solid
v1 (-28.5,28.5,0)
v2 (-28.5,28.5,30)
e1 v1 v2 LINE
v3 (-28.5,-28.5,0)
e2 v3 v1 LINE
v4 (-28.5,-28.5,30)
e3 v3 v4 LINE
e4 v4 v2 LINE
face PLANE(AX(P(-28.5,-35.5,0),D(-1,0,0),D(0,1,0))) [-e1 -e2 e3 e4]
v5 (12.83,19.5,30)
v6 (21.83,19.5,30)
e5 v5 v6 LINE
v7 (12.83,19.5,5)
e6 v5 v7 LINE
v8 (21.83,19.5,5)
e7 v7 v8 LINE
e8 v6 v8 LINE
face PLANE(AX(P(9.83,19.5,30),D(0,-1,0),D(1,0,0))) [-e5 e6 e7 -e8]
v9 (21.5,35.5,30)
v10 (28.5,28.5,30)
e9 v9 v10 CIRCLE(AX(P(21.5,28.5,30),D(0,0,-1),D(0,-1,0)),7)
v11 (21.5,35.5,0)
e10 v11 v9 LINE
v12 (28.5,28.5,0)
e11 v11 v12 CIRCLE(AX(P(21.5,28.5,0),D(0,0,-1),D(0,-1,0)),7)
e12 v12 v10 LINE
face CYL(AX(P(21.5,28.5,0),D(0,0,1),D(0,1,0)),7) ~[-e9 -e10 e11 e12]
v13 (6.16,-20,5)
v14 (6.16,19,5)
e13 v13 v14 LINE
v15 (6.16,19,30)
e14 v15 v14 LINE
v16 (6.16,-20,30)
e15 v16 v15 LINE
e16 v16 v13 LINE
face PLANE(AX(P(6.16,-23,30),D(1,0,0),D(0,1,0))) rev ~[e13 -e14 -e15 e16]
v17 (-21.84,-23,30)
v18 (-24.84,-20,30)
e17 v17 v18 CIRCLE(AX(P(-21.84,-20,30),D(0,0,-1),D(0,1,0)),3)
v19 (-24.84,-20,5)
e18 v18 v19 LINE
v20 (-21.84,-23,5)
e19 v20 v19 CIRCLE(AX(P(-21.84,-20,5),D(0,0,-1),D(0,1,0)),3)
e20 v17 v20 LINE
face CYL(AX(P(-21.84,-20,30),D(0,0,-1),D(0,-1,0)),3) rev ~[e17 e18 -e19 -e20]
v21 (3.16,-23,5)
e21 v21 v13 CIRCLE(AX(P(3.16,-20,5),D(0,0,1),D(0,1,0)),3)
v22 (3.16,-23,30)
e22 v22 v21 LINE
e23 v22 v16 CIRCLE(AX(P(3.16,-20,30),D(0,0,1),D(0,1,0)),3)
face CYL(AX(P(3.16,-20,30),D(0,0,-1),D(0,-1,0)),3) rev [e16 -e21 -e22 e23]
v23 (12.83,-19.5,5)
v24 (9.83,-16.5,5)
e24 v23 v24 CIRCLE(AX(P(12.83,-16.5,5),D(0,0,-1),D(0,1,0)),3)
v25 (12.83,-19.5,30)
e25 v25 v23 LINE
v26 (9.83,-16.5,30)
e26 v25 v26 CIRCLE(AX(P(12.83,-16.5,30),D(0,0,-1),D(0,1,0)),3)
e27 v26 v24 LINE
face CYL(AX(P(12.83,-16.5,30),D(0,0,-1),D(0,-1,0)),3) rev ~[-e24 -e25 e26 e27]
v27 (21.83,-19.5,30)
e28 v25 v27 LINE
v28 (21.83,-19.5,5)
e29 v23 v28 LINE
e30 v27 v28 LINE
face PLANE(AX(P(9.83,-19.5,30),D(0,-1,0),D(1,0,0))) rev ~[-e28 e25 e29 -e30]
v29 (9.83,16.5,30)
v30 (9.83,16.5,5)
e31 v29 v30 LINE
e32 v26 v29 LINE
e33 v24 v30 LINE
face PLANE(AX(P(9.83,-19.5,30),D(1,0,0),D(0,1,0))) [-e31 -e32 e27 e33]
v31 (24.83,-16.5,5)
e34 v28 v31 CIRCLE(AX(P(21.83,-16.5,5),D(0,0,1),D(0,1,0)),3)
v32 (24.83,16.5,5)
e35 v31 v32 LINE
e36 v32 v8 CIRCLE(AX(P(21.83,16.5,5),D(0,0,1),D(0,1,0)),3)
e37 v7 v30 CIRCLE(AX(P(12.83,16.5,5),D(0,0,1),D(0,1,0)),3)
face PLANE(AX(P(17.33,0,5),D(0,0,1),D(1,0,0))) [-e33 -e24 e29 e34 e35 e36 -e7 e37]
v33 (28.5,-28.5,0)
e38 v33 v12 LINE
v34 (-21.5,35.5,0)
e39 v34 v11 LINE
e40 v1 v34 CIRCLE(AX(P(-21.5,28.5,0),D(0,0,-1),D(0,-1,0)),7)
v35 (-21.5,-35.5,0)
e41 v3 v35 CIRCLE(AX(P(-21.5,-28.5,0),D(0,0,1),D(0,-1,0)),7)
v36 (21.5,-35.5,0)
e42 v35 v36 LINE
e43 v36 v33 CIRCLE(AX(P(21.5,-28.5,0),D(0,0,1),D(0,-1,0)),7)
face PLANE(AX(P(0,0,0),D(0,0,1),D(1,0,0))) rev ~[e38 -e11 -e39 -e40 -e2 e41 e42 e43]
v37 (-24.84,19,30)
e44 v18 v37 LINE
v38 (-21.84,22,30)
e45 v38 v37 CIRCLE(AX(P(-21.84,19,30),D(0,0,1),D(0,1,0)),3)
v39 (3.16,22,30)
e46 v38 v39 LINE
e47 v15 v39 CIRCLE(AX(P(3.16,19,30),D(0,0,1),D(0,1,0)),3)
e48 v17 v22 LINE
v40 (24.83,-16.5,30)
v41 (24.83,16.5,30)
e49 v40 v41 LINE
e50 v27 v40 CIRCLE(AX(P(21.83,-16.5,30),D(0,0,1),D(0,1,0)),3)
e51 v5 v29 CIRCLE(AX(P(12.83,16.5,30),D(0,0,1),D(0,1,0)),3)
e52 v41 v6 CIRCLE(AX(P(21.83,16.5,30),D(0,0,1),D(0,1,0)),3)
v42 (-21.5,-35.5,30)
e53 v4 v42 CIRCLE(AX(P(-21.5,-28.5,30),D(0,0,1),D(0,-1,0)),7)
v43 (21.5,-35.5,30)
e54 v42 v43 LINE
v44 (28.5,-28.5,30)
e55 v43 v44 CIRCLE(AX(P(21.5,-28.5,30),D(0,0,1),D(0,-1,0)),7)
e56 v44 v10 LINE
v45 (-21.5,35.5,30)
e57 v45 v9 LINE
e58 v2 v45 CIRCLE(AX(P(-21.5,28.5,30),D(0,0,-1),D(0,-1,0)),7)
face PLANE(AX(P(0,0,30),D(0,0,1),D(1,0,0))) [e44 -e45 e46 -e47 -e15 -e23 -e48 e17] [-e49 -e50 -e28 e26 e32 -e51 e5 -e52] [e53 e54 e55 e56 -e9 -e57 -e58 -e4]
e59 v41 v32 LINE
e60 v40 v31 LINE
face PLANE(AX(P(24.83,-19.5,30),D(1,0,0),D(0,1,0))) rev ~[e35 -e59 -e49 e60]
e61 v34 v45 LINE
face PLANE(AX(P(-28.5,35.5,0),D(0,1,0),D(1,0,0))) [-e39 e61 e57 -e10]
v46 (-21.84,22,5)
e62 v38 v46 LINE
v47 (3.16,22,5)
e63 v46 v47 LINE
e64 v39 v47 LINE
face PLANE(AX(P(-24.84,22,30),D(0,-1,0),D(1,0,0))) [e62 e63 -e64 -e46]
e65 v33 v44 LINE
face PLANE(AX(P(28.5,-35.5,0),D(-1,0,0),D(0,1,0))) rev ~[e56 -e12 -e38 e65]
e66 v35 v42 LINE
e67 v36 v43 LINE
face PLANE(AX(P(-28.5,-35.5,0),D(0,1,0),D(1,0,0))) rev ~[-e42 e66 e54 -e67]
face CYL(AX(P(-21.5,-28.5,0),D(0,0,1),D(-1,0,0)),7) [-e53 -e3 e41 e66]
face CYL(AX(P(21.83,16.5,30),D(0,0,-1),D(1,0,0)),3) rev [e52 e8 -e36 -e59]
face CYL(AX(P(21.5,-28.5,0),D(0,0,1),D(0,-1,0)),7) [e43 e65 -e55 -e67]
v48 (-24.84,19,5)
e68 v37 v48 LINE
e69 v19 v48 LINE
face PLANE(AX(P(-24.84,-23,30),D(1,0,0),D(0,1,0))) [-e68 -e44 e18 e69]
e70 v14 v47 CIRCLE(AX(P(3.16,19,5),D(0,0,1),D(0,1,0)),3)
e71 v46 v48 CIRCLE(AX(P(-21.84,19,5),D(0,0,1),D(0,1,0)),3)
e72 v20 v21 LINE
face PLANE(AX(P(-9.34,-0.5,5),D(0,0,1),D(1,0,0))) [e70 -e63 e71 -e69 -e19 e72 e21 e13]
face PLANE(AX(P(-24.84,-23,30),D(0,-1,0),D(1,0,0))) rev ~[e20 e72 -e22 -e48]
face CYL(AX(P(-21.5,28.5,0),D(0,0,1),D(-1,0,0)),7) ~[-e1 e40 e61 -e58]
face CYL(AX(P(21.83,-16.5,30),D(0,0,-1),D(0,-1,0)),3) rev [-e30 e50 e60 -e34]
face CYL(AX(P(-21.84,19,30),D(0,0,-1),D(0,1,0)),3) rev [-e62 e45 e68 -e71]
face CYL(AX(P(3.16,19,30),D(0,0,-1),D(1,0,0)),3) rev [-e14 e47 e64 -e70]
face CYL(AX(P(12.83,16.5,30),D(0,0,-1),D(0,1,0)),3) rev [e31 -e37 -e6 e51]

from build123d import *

# Parameters (mm, degrees)
F0_W     = 57
F0_H     = 71
F1_DEPTH = 30
F2_W     = 31
F2_H     = 45
F2_W_2   = 15
F2_H_2   = 39
F3_DEPTH = 25
F4_R     = 7
F5_R     = 3


with BuildPart() as f1:
    # F0 (on Top) → F1 (new body)
    with BuildSketch(Plane.XY):
        Rectangle(F0_W, F0_H)
    extrude(amount=F1_DEPTH)

    # F2 (on face) → F3 (cut)
    with BuildSketch(Plane.XY.offset(30)):
        with Locations((-9.34, -0.5)):
            Rectangle(F2_W, F2_H)
        with Locations((17.33, 0)):
            Rectangle(F2_W_2, F2_H_2)
    extrude(amount=-F3_DEPTH, mode=Mode.SUBTRACT)

    # F4
    f4_edges = [f1.edges().sort_by_distance(p)[0] for p in [
        (28.5, 35.5, 15),
        (28.5, -35.5, 15),
        (-28.5, -35.5, 15),
        (-28.5, 35.5, 15),
    ]]
    fillet(f4_edges, radius=F4_R)

    # F5
    f5_edges = [f1.edges().sort_by_distance(p)[0] for p in [
        (24.83, 19.5, 17.5),
        (24.83, -19.5, 17.5),
        (6.16, -23, 17.5),
        (6.16, 22, 17.5),
        (-24.84, 22, 17.5),
        (9.83, 19.5, 17.5),
        (-24.84, -23, 17.5),
        (9.83, -19.5, 17.5),
    ]]
    fillet(f5_edges, radius=F5_R)


solid = f1.part
